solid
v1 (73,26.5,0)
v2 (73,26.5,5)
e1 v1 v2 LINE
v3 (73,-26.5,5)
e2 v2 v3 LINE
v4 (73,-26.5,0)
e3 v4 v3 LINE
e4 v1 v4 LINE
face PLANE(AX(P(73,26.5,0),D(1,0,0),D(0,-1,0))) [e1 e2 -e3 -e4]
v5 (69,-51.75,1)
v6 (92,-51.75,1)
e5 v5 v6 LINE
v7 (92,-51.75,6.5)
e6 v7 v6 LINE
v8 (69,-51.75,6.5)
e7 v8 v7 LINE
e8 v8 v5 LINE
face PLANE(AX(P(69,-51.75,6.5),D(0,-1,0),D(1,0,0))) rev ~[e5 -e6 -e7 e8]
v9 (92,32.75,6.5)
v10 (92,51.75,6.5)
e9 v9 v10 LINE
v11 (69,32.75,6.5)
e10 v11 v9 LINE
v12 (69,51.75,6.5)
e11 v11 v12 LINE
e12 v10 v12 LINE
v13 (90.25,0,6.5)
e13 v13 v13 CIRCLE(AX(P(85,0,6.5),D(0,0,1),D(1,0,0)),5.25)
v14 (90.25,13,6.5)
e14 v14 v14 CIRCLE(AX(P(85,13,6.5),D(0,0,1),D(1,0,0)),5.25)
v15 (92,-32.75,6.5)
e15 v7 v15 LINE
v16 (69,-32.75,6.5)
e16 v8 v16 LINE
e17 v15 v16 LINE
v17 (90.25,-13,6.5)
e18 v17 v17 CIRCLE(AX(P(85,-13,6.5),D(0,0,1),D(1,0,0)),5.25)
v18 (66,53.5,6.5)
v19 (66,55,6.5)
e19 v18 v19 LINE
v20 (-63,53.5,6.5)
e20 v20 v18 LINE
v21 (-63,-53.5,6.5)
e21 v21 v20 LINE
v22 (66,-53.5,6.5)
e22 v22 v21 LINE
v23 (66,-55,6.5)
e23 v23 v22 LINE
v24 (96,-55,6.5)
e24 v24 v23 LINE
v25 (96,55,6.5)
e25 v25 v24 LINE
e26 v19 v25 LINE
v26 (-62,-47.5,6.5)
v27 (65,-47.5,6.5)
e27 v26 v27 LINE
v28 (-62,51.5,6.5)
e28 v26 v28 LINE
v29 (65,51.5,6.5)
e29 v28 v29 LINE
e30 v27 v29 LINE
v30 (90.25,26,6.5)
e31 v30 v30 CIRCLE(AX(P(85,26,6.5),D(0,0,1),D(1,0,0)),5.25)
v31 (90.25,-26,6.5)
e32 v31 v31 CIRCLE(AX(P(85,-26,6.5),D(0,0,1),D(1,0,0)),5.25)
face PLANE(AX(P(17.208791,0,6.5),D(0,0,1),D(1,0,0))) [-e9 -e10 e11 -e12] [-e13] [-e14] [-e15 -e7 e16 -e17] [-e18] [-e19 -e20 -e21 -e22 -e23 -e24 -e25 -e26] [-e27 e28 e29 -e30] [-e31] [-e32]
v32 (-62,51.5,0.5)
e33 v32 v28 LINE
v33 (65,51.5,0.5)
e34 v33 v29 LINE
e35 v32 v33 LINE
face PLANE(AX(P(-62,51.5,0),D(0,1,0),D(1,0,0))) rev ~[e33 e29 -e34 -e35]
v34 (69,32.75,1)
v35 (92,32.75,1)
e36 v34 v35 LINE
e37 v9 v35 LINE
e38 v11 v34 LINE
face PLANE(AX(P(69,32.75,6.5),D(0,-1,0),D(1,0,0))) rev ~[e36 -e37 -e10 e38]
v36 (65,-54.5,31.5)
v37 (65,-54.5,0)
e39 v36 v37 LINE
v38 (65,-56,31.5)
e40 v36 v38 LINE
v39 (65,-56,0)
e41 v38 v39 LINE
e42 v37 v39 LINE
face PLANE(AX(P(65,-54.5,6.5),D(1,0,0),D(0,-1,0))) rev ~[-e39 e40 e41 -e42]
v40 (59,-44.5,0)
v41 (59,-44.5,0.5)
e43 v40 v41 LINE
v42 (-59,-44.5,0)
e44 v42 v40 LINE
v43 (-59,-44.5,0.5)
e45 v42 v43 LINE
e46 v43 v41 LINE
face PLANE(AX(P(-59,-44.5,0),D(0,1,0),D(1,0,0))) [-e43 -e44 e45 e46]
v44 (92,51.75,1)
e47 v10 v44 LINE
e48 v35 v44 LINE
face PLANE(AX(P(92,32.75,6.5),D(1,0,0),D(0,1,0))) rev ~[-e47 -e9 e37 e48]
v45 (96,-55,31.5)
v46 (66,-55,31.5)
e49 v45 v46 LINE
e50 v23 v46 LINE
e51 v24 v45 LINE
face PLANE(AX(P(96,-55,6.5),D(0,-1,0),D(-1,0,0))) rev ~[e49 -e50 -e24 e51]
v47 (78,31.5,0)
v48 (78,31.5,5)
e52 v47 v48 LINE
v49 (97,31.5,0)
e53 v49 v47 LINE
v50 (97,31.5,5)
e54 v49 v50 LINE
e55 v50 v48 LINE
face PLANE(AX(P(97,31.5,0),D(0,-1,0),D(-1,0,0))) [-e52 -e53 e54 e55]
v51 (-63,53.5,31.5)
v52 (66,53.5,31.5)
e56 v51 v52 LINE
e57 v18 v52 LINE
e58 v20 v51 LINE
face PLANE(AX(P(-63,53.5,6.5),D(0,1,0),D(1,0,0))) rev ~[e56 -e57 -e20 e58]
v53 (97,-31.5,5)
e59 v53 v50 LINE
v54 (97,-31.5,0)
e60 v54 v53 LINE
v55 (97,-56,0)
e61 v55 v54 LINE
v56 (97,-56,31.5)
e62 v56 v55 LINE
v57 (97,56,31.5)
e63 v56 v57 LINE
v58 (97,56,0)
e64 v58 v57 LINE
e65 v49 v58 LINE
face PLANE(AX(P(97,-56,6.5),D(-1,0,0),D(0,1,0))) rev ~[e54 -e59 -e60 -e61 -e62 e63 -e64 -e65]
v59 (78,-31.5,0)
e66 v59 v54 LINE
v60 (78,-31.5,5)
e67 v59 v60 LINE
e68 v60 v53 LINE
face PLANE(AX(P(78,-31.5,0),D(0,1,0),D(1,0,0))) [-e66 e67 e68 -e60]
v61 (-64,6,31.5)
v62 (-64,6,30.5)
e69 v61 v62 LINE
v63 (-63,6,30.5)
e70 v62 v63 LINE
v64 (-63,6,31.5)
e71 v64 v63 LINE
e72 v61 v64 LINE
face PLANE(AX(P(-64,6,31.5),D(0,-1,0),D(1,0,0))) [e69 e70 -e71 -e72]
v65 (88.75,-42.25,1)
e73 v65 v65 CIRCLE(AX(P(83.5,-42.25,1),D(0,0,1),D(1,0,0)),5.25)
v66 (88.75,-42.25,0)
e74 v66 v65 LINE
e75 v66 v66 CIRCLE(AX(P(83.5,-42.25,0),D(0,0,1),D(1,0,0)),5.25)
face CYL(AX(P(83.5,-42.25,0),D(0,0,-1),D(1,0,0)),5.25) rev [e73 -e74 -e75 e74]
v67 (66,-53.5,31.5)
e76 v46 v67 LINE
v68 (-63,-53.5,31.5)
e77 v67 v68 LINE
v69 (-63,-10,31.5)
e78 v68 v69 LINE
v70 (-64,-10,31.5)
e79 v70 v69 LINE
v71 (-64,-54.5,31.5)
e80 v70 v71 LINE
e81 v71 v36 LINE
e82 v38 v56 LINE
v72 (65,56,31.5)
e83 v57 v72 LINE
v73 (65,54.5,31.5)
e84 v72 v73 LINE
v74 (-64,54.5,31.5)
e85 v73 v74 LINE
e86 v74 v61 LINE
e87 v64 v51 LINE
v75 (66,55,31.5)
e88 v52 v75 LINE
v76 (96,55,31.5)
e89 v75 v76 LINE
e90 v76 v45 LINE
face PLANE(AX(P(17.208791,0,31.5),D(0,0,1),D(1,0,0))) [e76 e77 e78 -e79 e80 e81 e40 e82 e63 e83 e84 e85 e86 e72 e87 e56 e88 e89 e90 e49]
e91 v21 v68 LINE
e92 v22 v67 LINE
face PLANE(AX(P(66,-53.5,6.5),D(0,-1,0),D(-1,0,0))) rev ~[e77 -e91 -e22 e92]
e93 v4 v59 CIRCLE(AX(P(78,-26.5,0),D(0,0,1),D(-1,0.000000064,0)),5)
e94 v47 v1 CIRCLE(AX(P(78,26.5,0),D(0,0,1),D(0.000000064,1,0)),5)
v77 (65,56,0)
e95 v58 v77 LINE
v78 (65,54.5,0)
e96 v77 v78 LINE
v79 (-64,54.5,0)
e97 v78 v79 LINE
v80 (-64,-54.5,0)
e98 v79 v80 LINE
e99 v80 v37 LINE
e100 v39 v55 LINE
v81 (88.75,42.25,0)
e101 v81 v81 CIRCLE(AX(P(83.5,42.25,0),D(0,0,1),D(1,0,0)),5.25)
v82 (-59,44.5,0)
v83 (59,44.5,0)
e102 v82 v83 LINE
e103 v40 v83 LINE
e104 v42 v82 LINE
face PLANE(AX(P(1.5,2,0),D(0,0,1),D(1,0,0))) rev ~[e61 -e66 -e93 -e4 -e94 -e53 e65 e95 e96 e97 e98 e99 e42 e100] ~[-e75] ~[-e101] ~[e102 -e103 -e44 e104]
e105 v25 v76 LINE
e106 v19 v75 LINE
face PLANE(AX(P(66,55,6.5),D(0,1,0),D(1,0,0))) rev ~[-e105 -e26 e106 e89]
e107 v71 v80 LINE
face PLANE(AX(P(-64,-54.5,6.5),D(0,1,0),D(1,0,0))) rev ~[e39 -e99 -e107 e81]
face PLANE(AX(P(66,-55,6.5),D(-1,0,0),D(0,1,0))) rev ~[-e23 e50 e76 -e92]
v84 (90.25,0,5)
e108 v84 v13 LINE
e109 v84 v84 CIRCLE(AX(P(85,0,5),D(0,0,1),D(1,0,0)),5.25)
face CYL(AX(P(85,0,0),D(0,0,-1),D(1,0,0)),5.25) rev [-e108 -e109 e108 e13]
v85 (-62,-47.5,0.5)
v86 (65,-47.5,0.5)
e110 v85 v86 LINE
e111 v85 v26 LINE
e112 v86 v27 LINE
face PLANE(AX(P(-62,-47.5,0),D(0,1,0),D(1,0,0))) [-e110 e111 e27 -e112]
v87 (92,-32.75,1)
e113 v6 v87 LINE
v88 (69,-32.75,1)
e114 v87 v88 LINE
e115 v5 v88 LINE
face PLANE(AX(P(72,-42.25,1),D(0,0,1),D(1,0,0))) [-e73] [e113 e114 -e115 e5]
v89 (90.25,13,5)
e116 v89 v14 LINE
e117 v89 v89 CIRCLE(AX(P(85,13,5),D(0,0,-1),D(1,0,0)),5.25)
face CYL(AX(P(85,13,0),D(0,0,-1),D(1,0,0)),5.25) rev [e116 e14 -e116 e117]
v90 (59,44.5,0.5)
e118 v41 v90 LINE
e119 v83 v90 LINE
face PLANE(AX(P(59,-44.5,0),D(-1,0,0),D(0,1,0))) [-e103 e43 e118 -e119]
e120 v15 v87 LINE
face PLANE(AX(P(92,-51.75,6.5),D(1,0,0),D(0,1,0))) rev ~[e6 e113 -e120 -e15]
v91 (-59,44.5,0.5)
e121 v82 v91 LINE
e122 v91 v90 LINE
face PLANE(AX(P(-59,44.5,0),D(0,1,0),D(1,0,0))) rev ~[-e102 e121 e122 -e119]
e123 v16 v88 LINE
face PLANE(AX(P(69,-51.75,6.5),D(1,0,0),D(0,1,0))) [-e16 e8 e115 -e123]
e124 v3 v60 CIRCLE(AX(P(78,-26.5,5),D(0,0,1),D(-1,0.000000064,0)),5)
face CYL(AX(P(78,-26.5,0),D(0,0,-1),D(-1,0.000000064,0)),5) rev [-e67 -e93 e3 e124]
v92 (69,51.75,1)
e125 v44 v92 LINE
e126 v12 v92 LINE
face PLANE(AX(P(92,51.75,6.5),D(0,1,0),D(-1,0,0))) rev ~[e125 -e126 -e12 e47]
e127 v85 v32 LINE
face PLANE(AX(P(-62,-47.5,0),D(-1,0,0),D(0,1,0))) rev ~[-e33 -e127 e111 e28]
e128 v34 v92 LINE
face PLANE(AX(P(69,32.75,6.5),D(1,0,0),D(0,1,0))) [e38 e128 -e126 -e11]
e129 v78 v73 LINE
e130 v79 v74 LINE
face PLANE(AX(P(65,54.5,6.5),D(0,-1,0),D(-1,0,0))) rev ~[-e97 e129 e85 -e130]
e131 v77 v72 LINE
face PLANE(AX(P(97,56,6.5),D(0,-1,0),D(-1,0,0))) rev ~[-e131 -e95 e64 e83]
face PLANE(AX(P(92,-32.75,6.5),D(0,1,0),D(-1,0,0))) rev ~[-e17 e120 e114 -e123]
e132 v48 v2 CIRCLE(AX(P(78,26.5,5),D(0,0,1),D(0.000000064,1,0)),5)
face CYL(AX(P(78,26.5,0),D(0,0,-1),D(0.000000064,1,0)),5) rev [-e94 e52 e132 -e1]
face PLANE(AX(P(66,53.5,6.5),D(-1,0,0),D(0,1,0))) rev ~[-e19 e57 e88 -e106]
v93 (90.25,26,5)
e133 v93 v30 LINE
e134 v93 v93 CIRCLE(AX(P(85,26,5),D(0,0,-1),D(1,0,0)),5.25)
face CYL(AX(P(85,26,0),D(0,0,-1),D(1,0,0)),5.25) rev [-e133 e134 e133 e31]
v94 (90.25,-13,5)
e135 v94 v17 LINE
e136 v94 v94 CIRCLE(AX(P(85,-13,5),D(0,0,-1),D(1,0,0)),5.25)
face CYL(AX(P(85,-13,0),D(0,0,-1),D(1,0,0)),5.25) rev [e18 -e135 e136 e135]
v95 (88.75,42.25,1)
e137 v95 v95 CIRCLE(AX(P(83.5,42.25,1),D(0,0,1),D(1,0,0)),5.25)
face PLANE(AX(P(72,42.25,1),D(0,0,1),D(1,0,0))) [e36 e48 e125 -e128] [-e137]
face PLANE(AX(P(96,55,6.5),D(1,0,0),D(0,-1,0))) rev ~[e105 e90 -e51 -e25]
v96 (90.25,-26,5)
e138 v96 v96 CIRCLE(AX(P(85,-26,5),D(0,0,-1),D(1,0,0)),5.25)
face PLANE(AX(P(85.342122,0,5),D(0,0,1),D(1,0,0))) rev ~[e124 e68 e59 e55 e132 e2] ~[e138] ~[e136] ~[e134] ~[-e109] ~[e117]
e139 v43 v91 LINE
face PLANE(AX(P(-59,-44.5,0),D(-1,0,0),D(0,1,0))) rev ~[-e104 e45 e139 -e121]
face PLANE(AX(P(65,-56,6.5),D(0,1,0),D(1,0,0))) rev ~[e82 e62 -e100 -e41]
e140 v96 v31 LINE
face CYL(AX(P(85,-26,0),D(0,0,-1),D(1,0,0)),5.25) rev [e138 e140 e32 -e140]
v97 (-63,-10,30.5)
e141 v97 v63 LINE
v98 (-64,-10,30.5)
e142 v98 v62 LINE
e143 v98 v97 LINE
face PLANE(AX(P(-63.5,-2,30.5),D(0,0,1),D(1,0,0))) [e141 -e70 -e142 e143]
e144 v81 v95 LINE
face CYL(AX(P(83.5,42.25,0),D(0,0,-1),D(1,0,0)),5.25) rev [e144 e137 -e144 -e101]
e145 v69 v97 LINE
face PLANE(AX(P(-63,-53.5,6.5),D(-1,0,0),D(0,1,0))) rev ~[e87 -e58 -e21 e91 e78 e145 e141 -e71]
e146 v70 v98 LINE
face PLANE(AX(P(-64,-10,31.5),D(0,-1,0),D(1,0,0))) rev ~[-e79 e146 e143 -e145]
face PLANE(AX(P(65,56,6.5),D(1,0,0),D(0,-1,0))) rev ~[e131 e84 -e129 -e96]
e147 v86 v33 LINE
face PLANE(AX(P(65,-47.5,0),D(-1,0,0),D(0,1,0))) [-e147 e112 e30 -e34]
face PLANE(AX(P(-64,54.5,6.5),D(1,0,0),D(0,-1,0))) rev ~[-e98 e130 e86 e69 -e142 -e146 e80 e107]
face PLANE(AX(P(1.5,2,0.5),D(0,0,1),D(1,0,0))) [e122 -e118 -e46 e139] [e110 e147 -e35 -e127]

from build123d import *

# Parameters (mm, degrees)
F0_W      = 127
F0_H      = 99
F2_DEPTH  = 6.5
F0_W_2    = 118
F0_H_2    = 89
F3_DEPTH  = 0.5
F5_DEPTH  = 25
F1_R      = 5.25
F6_DEPTH  = 6.5
F7_W      = 6
F7_H      = 19
F7_W_2    = 17
F7_R      = 5.25
F8_DEPTH  = 5.5
F9_R      = 5.25
F10_DEPTH = 5
F11_W     = 1
F11_H     = 16
F12_DEPTH = 1


with BuildPart() as f2:
    # F0 (on Top) → F2 (new body)
    with BuildSketch(Plane.XY):
        Polygon((97, 56), (65, 56), (65, 54.5), (-64, 54.5), (-64, -54.5), (65, -54.5), (65, -56), (97, -56), align=None)
        with Locations((1.5, 2)):
            Rectangle(F0_W, F0_H, mode=Mode.SUBTRACT)
    extrude(amount=F2_DEPTH)

    # F0 (on Top) → F3 (join)
    with BuildSketch(Plane.XY):
        with Locations((1.5, 2)):
            Rectangle(F0_W, F0_H)
        Rectangle(F0_W_2, F0_H_2, mode=Mode.SUBTRACT)
    extrude(amount=F3_DEPTH)

    # F4 (on face) → F5 (join)
    with BuildSketch(Plane.XY.offset(6.5)):
        Polygon((97, -56), (97, 56), (65, 56), (65, 54.5), (-64, 54.5), (-64, -54.5), (65, -54.5), (65, -56), align=None)
        Polygon((-63, -53.5), (-63, 53.5), (66, 53.5), (66, 55), (96, 55), (96, -55), (66, -55), (66, -53.5), align=None, mode=Mode.SUBTRACT)
    extrude(amount=F5_DEPTH)

    # F1 (on face) → F6 (cut, through all)
    with BuildSketch(Plane.XY):
        with Locations((83.5, -42.25)):
            Circle(F1_R)
        with Locations((83.5, 42.25)):
            Circle(F1_R)
        with Locations((85, -26)):
            Circle(F1_R)
        with Locations((85, -13)):
            Circle(F1_R)
        with Locations((85, 0)):
            Circle(F1_R)
        with Locations((85, 13)):
            Circle(F1_R)
        with Locations((85, 26)):
            Circle(F1_R)
    extrude(amount=F6_DEPTH, mode=Mode.SUBTRACT)

    # F7 (on face) → F8 (cut)
    with BuildSketch(Plane.XY.offset(6.5)):
        with Locations((72, 42.25)):
            Rectangle(F7_W, F7_H)
        with Locations((83.5, 42.25)):
            Rectangle(F7_W_2, F7_H)
        with Locations((83.5, 42.25)):
            Circle(F7_R, mode=Mode.SUBTRACT)
        with Locations((72, -42.25)):
            Rectangle(F7_W, F7_H)
        with Locations((83.5, -42.25)):
            Rectangle(F7_W_2, F7_H)
        with Locations((83.5, -42.25)):
            Circle(F7_R, mode=Mode.SUBTRACT)
    extrude(amount=-F8_DEPTH, mode=Mode.SUBTRACT)

    # F9 (on face) → F10 (cut)
    with BuildSketch(Plane.XY):
        with BuildLine():
            Line((97, -31.5), (97, 31.5))
            Line((97, 31.5), (78, 31.5))
            ThreePointArc((78, 31.5), (74.464466, 30.035534), (73, 26.5))
            Line((73, 26.5), (73, -26.5))
            ThreePointArc((73, -26.5), (74.464466, -30.035534), (78, -31.5))
            Line((78, -31.5), (97, -31.5))
        make_face()
        with Locations((85, 0)):
            Circle(F9_R, mode=Mode.SUBTRACT)
    extrude(amount=F10_DEPTH, mode=Mode.SUBTRACT)

    # F11 (on face) → F12 (cut)
    with BuildSketch(Plane.XY.offset(31.5)):
        with Locations((-63.5, -2)):
            Rectangle(F11_W, F11_H)
    extrude(amount=-F12_DEPTH, mode=Mode.SUBTRACT)


solid = f2.part
